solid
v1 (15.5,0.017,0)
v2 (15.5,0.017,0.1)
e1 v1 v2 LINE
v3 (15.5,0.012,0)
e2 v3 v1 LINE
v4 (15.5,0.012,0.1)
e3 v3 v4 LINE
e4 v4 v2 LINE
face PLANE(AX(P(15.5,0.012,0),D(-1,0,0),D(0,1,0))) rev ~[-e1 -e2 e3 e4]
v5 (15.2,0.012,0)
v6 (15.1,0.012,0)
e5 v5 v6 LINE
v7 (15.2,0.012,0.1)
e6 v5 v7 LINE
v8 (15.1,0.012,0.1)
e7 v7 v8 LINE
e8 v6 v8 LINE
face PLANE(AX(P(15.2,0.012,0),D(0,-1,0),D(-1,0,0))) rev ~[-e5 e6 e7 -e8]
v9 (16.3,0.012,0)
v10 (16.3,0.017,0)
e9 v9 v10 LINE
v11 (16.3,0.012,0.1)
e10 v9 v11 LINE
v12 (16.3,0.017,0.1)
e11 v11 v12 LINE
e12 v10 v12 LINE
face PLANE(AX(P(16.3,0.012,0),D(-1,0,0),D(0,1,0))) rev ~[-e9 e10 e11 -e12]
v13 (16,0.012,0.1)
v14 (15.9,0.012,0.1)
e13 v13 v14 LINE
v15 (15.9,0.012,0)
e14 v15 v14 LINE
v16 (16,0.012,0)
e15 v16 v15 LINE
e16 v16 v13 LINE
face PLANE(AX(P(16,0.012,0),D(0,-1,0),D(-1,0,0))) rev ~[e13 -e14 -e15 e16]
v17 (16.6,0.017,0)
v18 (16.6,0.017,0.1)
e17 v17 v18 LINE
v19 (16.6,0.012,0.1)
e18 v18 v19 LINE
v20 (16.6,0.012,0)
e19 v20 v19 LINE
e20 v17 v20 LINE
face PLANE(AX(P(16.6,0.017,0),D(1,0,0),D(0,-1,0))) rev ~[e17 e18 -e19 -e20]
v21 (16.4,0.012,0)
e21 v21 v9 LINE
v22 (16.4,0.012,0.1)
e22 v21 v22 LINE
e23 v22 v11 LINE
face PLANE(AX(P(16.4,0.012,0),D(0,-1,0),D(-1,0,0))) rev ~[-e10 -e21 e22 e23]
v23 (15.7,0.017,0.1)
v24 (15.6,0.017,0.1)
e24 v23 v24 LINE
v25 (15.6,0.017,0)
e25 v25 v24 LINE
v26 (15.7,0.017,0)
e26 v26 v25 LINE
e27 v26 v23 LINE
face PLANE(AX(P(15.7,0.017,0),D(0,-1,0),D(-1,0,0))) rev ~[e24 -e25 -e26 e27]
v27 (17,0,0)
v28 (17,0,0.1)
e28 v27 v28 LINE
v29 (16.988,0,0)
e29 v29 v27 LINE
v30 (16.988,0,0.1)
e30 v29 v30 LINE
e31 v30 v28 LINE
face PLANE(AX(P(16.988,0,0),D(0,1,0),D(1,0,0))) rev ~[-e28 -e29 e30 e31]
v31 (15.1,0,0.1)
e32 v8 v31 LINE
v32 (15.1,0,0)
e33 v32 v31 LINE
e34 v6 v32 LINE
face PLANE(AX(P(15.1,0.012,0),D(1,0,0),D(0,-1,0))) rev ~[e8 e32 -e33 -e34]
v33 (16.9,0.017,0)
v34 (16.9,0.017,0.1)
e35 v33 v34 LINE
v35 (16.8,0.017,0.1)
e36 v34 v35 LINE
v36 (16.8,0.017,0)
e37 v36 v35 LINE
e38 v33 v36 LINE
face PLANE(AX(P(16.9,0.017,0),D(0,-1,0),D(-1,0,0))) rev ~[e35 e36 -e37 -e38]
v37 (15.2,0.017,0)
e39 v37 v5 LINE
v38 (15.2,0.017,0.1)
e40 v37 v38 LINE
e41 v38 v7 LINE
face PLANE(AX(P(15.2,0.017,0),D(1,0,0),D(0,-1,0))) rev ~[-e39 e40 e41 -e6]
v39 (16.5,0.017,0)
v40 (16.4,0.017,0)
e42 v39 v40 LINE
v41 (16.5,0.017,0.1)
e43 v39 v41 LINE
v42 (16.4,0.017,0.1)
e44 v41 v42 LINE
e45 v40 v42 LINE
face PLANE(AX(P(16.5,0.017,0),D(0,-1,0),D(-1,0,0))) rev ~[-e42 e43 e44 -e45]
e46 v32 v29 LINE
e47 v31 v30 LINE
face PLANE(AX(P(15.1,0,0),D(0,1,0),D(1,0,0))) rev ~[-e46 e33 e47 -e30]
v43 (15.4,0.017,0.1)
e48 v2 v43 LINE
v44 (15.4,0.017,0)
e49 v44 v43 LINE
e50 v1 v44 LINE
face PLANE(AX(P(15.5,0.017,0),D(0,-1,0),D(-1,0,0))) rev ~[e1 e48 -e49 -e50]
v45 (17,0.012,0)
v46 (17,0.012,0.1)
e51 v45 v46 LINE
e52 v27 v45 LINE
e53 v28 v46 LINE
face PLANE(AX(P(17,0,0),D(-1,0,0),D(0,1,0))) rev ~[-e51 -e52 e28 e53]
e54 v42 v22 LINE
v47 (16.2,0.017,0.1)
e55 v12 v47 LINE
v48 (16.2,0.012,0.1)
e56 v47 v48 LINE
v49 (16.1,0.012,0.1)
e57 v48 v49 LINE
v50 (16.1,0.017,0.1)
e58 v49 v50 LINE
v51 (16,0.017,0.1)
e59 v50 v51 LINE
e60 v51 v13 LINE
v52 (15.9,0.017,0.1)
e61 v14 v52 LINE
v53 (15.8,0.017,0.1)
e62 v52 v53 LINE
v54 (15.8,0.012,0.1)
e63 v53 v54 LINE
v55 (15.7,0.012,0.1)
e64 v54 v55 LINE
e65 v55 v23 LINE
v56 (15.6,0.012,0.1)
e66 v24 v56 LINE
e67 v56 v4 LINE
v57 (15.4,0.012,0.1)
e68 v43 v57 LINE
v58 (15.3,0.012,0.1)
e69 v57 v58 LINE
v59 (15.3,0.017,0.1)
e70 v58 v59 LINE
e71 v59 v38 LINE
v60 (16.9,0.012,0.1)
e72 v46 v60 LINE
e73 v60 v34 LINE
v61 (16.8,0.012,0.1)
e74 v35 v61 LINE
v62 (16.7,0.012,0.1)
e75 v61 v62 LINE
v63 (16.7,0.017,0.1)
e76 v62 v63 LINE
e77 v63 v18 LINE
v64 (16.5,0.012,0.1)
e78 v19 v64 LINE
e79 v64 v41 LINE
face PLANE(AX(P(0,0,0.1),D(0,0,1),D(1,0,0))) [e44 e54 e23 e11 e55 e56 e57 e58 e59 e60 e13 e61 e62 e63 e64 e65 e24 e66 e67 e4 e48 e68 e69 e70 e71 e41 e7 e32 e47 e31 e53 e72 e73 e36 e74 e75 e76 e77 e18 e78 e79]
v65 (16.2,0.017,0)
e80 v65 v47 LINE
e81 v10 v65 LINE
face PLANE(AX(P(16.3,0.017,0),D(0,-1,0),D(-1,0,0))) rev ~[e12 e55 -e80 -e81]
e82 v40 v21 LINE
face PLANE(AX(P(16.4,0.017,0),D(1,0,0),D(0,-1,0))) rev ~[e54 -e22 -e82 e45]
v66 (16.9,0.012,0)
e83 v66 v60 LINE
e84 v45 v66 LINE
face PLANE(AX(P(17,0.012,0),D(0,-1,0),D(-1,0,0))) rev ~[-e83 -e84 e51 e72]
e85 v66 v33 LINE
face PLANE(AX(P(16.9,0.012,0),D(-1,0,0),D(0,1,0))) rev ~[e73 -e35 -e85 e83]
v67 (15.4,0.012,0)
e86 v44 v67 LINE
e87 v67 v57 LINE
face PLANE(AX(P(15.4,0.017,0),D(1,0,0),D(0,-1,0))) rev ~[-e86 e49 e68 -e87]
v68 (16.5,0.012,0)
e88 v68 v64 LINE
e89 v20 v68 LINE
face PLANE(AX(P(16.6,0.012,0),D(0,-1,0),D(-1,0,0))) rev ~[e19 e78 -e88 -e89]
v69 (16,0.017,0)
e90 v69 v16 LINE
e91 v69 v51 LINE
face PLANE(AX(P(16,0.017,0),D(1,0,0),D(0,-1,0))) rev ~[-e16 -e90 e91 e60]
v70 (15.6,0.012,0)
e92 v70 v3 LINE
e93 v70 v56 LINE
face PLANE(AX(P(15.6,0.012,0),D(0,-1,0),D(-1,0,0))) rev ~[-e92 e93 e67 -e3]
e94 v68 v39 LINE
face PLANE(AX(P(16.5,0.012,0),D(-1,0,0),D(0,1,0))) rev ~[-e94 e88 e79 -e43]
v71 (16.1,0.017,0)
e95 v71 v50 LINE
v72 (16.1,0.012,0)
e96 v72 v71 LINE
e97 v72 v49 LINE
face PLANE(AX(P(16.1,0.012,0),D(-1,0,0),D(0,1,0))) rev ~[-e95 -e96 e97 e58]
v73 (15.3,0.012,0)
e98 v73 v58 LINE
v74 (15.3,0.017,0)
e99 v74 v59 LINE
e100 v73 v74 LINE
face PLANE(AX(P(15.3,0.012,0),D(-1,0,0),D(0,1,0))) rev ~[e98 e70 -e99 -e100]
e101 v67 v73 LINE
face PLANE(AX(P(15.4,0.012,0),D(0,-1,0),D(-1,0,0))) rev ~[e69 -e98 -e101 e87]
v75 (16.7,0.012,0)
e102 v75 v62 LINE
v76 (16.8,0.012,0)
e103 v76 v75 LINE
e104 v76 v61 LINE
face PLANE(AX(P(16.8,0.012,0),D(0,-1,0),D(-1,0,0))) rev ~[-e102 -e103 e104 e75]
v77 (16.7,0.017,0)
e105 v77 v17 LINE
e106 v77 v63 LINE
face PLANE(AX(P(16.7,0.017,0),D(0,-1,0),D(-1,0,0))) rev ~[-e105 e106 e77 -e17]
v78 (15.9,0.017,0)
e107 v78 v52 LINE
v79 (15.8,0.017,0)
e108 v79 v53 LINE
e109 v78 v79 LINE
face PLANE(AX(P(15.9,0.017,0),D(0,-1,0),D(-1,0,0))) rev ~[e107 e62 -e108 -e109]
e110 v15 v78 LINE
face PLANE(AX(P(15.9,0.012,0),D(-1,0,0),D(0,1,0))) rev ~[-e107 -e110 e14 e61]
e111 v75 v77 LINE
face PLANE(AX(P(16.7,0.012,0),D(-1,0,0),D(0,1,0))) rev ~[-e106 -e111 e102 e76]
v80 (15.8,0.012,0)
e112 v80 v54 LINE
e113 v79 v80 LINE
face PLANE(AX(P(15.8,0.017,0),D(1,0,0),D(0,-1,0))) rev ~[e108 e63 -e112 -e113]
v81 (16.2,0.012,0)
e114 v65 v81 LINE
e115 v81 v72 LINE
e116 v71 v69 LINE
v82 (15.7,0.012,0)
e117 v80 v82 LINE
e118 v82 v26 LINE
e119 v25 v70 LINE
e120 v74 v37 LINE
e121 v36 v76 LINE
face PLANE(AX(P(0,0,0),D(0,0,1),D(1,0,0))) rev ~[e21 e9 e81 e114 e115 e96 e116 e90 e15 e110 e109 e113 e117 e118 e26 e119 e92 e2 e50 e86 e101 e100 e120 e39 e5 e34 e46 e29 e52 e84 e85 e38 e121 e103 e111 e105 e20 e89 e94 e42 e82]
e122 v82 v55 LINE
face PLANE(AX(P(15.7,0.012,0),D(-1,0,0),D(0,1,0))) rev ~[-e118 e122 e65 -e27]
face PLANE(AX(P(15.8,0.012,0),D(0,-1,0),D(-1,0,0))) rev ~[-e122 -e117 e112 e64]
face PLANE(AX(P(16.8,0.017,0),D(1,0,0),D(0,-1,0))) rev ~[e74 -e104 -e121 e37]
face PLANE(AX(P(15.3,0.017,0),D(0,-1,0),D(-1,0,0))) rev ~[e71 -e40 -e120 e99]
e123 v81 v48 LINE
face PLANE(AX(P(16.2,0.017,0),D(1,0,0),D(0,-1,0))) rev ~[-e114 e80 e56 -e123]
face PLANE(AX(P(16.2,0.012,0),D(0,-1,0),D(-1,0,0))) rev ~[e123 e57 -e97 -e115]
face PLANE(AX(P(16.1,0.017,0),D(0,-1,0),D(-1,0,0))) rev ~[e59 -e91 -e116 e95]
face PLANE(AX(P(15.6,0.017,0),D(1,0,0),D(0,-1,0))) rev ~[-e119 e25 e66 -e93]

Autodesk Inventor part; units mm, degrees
ref_plane "YZ Plane" through (0, 0, 0) normal (1, 0, 0) x (0, 1, 0)
ref_plane "XZ Plane" through (0, 0, 0) normal (0, 1, 0) x (-1, 0, 0)
ref_plane "XY Plane" through (0, 0, 0) normal (0, 0, 1) x (1, 0, 0)
sketch "Boceto1" plane through (0, 0, 0) normal (0, 0, 1) x (1, 0, 0)
  line L0 (0, 0) -> (17, 0)
  line L1 (17, 0) -> (16.988, 0)
  line L2 (17, 0) -> (17, 0.012)
  line L3 (17, 0.012) -> (16.9, 0.012)
  line L4 (16.9, 0.012) -> (16.9, 0.017)
  line L5 (16.9, 0.017) -> (16.8, 0.017)
  line L6 (16.8, 0.017) -> (16.8, 0.012)
  line L7 (16.8, 0.012) -> (16.7, 0.012)
  line L8 (16.7, 0.012) -> (16.7, 0.017)
  line L9 (16.7, 0.017) -> (16.6, 0.017)
  line L10 (16.6, 0.017) -> (16.6, 0.012)
  line L11 (16.6, 0.012) -> (16.5, 0.012)
  line L12 (16.5, 0.012) -> (16.5, 0.017)
  line L13 (16.5, 0.017) -> (16.4, 0.017)
  line L14 (16.4, 0.017) -> (16.4, 0.012)
  line L15 (16.4, 0.012) -> (16.3, 0.012)
  line L16 (16.3, 0.012) -> (16.3, 0.017)
  line L17 (16.3, 0.017) -> (16.2, 0.017)
  line L18 (16.2, 0.017) -> (16.2, 0.012)
  line L19 (16.2, 0.012) -> (16.1, 0.012)
  line L20 (16.1, 0.012) -> (16.1, 0.017)
  line L21 (16.1, 0.017) -> (16, 0.017)
  line L22 (16, 0.017) -> (16, 0.012)
  line L23 (16, 0.012) -> (15.9, 0.012)
  line L24 (15.9, 0.012) -> (15.9, 0.017)
  line L25 (15.9, 0.017) -> (15.8, 0.017)
  line L26 (15.8, 0.017) -> (15.8, 0.012)
  line L27 (15.8, 0.012) -> (15.7, 0.012)
  line L28 (15.7, 0.012) -> (15.7, 0.017)
  line L29 (15.7, 0.017) -> (15.6, 0.017)
  line L30 (15.6, 0.017) -> (15.6, 0.012)
  line L31 (15.6, 0.012) -> (15.5, 0.012)
  line L32 (15.5, 0.012) -> (15.5, 0.017)
  line L33 (15.5, 0.017) -> (15.4, 0.017)
  line L34 (15.4, 0.017) -> (15.4, 0.012)
  line L35 (15.4, 0.012) -> (15.3, 0.012)
  line L36 (15.3, 0.012) -> (15.3, 0.017)
  line L37 (15.3, 0.017) -> (15.2, 0.017)
  line L38 (15.2, 0.017) -> (15.2, 0.012)
  line L39 (15.2, 0.012) -> (15.1, 0.012)
  line L40 (15.1, 0.012) -> (15.1, 0)
  dimension "d0" = 17
  dimension "d1" = 0.012
  dimension "d2" = 0.012
  dimension "d3" = 0.1
  dimension "d4" = 0.005
  dimension "d5" = 0.1
  dimension "d189" = 0.1
  dimension "d190" = 0.005
  dimension "d191" = 0.1
  dimension "d192" = 0.1
  dimension "d193" = 0.005
  dimension "d194" = 0.1
  dimension "d195" = 0.1
  dimension "d196" = 0.005
  dimension "d197" = 0.1
  dimension "d198" = 0.1
  dimension "d199" = 0.005
  dimension "d200" = 0.1
  dimension "d201" = 0.1
  dimension "d202" = 0.005
  dimension "d203" = 0.1
  dimension "d204" = 0.1
  dimension "d205" = 0.005
  dimension "d206" = 0.1
  dimension "d207" = 0.1
  dimension "d208" = 0.005
  dimension "d209" = 0.1
  dimension "d210" = 0.1
  dimension "d211" = 0.005
  dimension "d212" = 0.1
  dimension "d213" = 0.1
extrude "Extrusión1" add sketch "Boceto1" along normal blind 0.1
properties part number "electrodos"
